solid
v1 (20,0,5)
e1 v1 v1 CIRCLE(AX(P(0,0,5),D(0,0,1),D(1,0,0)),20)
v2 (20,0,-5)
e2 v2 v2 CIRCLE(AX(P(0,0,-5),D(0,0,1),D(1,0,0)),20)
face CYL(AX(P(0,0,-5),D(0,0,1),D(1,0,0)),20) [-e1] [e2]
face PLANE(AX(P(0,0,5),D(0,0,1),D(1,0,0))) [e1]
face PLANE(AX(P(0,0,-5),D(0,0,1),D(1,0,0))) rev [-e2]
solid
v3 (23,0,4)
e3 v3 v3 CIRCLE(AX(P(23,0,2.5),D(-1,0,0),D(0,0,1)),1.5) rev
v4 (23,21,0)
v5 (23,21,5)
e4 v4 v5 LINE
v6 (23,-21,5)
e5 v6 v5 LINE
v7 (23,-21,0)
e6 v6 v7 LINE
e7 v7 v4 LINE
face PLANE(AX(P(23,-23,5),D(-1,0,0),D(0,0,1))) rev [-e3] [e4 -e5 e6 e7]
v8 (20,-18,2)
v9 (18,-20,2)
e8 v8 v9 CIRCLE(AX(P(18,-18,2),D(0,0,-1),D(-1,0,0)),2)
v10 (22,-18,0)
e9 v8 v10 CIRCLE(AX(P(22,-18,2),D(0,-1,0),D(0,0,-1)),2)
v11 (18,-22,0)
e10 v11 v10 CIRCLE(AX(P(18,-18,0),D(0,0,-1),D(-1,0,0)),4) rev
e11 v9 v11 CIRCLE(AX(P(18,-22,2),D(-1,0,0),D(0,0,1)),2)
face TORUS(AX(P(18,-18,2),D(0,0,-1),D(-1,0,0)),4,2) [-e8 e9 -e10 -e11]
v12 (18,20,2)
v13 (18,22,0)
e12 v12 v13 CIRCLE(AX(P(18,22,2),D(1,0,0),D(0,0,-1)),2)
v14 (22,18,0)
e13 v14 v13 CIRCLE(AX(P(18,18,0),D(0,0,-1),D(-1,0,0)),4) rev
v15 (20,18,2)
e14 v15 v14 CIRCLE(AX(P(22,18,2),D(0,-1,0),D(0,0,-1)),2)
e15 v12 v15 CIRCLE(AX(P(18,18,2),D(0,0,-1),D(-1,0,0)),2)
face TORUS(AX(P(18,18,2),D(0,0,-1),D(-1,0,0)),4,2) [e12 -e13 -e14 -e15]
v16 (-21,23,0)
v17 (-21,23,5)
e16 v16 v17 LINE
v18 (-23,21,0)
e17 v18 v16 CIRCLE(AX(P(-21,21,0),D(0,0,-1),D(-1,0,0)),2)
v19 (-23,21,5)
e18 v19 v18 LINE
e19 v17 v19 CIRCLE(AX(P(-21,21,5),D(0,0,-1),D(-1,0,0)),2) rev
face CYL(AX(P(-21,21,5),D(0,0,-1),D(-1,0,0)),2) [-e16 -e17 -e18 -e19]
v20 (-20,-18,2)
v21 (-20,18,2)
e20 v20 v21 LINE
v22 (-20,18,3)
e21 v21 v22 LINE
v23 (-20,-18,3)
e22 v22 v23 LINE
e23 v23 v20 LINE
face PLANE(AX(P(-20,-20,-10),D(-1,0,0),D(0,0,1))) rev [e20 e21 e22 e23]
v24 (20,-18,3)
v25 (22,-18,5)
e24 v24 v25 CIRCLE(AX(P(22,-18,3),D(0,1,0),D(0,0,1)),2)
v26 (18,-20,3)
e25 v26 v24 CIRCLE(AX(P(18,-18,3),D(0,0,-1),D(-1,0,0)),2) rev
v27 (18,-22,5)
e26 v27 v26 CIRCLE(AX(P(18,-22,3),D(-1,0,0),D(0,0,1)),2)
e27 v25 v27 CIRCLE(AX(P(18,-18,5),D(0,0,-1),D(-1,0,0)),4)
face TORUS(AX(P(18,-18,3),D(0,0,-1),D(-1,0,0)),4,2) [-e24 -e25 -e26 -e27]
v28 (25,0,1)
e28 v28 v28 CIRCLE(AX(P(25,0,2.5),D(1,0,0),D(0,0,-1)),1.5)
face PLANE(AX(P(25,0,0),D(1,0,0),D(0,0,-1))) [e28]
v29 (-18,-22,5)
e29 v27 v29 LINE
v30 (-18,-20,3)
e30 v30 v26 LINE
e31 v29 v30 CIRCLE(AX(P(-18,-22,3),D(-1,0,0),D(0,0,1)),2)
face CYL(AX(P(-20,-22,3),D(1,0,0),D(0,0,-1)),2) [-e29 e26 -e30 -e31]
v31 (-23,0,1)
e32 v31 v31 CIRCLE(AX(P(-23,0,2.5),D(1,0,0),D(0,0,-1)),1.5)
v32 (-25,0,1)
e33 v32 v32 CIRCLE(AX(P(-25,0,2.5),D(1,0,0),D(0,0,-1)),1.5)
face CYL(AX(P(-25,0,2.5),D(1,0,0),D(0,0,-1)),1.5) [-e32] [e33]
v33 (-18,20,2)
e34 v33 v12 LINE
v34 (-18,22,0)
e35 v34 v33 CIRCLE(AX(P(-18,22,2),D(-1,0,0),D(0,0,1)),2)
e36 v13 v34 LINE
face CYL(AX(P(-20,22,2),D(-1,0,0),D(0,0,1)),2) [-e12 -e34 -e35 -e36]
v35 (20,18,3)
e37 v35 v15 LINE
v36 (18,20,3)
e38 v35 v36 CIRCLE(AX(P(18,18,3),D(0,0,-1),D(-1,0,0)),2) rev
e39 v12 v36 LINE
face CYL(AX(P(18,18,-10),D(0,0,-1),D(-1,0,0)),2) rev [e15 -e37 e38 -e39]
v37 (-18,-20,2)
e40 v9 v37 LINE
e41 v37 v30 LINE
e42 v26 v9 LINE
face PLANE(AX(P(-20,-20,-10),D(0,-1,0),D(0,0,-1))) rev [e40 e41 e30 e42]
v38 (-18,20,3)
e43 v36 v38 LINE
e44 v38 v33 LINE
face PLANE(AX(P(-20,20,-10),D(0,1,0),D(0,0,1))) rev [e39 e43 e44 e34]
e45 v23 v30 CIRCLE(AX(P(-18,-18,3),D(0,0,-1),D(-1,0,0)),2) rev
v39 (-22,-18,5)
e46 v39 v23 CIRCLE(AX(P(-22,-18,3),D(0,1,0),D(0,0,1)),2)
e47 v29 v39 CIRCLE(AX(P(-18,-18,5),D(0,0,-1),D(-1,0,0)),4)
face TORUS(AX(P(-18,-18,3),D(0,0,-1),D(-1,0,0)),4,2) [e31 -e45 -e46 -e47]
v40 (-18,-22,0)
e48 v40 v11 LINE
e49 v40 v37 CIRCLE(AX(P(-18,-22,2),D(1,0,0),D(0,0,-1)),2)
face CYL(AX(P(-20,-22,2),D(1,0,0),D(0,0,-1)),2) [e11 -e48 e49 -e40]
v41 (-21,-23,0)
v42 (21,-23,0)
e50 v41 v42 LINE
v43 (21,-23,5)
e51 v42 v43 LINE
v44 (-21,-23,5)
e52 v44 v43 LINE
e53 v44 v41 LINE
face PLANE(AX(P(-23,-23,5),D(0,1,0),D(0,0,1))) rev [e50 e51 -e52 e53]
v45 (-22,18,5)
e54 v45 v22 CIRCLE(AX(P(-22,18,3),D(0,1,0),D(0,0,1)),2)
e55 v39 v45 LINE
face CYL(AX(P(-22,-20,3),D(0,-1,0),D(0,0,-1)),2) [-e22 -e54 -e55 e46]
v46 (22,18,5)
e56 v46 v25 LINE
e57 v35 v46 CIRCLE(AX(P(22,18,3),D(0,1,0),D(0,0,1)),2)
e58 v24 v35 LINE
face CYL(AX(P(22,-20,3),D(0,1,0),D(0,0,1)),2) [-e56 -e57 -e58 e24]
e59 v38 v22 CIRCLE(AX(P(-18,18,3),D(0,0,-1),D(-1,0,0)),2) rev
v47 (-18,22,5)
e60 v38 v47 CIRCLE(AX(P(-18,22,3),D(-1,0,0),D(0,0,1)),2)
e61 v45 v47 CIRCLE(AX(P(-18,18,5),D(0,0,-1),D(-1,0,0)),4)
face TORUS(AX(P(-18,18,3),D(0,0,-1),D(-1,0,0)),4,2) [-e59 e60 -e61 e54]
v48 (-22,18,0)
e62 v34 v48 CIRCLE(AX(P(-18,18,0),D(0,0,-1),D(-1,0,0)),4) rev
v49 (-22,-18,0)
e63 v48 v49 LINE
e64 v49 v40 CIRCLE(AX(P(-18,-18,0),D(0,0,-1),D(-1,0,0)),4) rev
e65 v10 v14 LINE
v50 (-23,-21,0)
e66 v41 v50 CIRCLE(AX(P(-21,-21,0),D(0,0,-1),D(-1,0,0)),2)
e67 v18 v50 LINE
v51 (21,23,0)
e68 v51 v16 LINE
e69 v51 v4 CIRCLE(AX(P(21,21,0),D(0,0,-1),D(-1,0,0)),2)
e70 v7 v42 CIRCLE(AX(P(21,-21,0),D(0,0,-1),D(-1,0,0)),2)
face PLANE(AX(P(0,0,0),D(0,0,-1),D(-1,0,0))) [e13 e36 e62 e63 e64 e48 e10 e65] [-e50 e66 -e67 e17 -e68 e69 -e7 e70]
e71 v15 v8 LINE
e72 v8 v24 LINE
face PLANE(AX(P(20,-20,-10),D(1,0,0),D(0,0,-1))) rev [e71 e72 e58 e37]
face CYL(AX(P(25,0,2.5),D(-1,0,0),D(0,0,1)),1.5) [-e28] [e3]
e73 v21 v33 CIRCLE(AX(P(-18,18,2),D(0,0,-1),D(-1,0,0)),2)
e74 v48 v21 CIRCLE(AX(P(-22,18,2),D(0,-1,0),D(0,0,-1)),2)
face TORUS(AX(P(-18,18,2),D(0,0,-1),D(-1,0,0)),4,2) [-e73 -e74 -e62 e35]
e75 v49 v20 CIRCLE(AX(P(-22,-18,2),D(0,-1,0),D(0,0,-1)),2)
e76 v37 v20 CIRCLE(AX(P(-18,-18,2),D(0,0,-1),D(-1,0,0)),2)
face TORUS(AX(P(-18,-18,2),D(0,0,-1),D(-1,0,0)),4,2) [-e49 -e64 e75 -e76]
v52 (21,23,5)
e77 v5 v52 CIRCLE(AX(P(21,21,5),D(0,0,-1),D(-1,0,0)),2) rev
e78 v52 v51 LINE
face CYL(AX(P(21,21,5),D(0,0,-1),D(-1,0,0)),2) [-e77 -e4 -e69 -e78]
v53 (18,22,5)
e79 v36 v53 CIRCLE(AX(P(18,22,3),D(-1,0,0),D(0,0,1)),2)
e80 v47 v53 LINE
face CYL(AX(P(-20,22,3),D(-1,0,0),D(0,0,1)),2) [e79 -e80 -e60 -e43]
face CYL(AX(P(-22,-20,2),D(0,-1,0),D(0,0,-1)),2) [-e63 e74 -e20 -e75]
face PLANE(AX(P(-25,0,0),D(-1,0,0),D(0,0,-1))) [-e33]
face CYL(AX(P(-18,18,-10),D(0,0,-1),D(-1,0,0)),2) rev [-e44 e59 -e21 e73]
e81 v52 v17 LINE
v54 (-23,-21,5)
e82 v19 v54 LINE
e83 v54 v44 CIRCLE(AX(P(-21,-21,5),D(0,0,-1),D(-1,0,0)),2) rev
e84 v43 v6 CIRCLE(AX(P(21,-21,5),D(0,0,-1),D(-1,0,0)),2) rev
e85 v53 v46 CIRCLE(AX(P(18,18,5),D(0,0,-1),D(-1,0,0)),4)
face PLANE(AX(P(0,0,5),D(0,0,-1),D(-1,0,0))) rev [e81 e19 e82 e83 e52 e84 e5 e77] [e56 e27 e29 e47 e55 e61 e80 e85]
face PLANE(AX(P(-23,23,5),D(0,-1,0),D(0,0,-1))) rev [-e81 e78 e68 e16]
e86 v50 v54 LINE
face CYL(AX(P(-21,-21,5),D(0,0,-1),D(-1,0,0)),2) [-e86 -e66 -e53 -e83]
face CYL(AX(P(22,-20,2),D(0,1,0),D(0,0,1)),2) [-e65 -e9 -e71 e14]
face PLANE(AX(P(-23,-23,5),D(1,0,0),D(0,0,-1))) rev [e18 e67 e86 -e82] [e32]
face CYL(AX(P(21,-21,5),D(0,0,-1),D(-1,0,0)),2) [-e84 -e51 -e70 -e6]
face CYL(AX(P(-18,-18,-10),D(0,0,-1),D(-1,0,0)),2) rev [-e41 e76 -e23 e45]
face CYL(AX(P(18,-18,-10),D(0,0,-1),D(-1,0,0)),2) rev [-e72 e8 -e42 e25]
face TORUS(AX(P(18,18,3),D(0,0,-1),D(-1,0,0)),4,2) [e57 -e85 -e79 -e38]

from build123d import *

# Parameters (mm, degrees)
SKETCH1_W           = 46
SKETCH1_H           = 46
BOSS_EXTRUDE2_DEPTH = 5
SKETCH3_W           = 40
SKETCH3_H           = 40
CUT_EXTRUDE1_DEPTH  = 15
FILLET1_R           = 2
FILLET2_R           = 2
FILLET3_R           = 2
BOSS_EXTRUDE3_DEPTH = 2
SKETCH5_R           = 20
BOSS_EXTRUDE4_DEPTH = 10


with BuildPart() as part:
    # Sketch1 → Boss-Extrude2 (new body)
    with BuildSketch(Plane.XY):
        Rectangle(SKETCH1_W, SKETCH1_H)
    extrude(amount=BOSS_EXTRUDE2_DEPTH)

    # Sketch3 → Cut-Extrude1 (cut)
    with BuildSketch(Plane.XY.offset(5)):
        Rectangle(SKETCH3_W, SKETCH3_H)
    extrude(amount=-CUT_EXTRUDE1_DEPTH, mode=Mode.SUBTRACT)

    # Fillet1
    fillet1_edges = [part.edges().sort_by_distance(p)[0] for p in [
        (20, 20, 2.5),
        (20, -20, 2.5),
        (-20, -20, 2.5),
        (-20, 20, 2.5),
    ]]
    fillet(fillet1_edges, radius=FILLET1_R)

    # Fillet2
    fillet2_edges = [part.edges().sort_by_distance(p)[0] for p in [
        (20, 0, 0),
        (0, -20, 0),
        (-20, 0, 0),
        (0, 20, 0),
        (19.414213562, -19.414213562, 0),
        (-19.414213562, -19.414213562, 0),
        (-19.414213562, 19.414213562, 0),
        (19.414213562, 19.414213562, 0),
        (23, -23, 2.5),
        (-23, -23, 2.5),
        (-23, 23, 2.5),
        (23, 23, 2.5),
    ]]
    fillet(fillet2_edges, radius=FILLET2_R)

    # Fillet3
    fillet3_edges = [part.edges().sort_by_distance(p)[0] for p in [
        (20, 0, 5),
        (0, -20, 5),
        (-20, 0, 5),
        (0, 20, 5),
        (19.414213562, -19.414213562, 5),
        (-19.414213562, -19.414213562, 5),
        (-19.414213562, 19.414213562, 5),
        (19.414213562, 19.414213562, 5),
    ]]
    fillet(fillet3_edges, radius=FILLET3_R)

    # Sketch4 → Boss-Extrude3 (add)
    with BuildSketch(Plane(origin=(23, 0, 0), x_dir=(0, 0, -1), z_dir=(1, 0, 0))):
        with BuildLine():
            ThreePointArc((-4, 0), (-2.5, -1.5), (-1, 0))
            Line((-1, 0), (-4, 0))
        make_face()
        with BuildLine():
            Line((-4, 0), (-1, 0))
            ThreePointArc((-1, 0), (-2.5, 1.5), (-4, 0))
        make_face()
    boss_extrude3 = extrude(amount=BOSS_EXTRUDE3_DEPTH)

    # Mirror1: Boss-Extrude3 across plane
    add(boss_extrude3.mirror(Plane(origin=(0, 0, 0), x_dir=(0, 0, 1), z_dir=(1, 0, 0))))


with BuildPart() as body_2:
    # Sketch5 → Boss-Extrude4 (new body)
    with BuildSketch(Plane.XY.offset(5)):
        Circle(SKETCH5_R)
    extrude(amount=-BOSS_EXTRUDE4_DEPTH)


solid = Compound([part.part, body_2.part])
